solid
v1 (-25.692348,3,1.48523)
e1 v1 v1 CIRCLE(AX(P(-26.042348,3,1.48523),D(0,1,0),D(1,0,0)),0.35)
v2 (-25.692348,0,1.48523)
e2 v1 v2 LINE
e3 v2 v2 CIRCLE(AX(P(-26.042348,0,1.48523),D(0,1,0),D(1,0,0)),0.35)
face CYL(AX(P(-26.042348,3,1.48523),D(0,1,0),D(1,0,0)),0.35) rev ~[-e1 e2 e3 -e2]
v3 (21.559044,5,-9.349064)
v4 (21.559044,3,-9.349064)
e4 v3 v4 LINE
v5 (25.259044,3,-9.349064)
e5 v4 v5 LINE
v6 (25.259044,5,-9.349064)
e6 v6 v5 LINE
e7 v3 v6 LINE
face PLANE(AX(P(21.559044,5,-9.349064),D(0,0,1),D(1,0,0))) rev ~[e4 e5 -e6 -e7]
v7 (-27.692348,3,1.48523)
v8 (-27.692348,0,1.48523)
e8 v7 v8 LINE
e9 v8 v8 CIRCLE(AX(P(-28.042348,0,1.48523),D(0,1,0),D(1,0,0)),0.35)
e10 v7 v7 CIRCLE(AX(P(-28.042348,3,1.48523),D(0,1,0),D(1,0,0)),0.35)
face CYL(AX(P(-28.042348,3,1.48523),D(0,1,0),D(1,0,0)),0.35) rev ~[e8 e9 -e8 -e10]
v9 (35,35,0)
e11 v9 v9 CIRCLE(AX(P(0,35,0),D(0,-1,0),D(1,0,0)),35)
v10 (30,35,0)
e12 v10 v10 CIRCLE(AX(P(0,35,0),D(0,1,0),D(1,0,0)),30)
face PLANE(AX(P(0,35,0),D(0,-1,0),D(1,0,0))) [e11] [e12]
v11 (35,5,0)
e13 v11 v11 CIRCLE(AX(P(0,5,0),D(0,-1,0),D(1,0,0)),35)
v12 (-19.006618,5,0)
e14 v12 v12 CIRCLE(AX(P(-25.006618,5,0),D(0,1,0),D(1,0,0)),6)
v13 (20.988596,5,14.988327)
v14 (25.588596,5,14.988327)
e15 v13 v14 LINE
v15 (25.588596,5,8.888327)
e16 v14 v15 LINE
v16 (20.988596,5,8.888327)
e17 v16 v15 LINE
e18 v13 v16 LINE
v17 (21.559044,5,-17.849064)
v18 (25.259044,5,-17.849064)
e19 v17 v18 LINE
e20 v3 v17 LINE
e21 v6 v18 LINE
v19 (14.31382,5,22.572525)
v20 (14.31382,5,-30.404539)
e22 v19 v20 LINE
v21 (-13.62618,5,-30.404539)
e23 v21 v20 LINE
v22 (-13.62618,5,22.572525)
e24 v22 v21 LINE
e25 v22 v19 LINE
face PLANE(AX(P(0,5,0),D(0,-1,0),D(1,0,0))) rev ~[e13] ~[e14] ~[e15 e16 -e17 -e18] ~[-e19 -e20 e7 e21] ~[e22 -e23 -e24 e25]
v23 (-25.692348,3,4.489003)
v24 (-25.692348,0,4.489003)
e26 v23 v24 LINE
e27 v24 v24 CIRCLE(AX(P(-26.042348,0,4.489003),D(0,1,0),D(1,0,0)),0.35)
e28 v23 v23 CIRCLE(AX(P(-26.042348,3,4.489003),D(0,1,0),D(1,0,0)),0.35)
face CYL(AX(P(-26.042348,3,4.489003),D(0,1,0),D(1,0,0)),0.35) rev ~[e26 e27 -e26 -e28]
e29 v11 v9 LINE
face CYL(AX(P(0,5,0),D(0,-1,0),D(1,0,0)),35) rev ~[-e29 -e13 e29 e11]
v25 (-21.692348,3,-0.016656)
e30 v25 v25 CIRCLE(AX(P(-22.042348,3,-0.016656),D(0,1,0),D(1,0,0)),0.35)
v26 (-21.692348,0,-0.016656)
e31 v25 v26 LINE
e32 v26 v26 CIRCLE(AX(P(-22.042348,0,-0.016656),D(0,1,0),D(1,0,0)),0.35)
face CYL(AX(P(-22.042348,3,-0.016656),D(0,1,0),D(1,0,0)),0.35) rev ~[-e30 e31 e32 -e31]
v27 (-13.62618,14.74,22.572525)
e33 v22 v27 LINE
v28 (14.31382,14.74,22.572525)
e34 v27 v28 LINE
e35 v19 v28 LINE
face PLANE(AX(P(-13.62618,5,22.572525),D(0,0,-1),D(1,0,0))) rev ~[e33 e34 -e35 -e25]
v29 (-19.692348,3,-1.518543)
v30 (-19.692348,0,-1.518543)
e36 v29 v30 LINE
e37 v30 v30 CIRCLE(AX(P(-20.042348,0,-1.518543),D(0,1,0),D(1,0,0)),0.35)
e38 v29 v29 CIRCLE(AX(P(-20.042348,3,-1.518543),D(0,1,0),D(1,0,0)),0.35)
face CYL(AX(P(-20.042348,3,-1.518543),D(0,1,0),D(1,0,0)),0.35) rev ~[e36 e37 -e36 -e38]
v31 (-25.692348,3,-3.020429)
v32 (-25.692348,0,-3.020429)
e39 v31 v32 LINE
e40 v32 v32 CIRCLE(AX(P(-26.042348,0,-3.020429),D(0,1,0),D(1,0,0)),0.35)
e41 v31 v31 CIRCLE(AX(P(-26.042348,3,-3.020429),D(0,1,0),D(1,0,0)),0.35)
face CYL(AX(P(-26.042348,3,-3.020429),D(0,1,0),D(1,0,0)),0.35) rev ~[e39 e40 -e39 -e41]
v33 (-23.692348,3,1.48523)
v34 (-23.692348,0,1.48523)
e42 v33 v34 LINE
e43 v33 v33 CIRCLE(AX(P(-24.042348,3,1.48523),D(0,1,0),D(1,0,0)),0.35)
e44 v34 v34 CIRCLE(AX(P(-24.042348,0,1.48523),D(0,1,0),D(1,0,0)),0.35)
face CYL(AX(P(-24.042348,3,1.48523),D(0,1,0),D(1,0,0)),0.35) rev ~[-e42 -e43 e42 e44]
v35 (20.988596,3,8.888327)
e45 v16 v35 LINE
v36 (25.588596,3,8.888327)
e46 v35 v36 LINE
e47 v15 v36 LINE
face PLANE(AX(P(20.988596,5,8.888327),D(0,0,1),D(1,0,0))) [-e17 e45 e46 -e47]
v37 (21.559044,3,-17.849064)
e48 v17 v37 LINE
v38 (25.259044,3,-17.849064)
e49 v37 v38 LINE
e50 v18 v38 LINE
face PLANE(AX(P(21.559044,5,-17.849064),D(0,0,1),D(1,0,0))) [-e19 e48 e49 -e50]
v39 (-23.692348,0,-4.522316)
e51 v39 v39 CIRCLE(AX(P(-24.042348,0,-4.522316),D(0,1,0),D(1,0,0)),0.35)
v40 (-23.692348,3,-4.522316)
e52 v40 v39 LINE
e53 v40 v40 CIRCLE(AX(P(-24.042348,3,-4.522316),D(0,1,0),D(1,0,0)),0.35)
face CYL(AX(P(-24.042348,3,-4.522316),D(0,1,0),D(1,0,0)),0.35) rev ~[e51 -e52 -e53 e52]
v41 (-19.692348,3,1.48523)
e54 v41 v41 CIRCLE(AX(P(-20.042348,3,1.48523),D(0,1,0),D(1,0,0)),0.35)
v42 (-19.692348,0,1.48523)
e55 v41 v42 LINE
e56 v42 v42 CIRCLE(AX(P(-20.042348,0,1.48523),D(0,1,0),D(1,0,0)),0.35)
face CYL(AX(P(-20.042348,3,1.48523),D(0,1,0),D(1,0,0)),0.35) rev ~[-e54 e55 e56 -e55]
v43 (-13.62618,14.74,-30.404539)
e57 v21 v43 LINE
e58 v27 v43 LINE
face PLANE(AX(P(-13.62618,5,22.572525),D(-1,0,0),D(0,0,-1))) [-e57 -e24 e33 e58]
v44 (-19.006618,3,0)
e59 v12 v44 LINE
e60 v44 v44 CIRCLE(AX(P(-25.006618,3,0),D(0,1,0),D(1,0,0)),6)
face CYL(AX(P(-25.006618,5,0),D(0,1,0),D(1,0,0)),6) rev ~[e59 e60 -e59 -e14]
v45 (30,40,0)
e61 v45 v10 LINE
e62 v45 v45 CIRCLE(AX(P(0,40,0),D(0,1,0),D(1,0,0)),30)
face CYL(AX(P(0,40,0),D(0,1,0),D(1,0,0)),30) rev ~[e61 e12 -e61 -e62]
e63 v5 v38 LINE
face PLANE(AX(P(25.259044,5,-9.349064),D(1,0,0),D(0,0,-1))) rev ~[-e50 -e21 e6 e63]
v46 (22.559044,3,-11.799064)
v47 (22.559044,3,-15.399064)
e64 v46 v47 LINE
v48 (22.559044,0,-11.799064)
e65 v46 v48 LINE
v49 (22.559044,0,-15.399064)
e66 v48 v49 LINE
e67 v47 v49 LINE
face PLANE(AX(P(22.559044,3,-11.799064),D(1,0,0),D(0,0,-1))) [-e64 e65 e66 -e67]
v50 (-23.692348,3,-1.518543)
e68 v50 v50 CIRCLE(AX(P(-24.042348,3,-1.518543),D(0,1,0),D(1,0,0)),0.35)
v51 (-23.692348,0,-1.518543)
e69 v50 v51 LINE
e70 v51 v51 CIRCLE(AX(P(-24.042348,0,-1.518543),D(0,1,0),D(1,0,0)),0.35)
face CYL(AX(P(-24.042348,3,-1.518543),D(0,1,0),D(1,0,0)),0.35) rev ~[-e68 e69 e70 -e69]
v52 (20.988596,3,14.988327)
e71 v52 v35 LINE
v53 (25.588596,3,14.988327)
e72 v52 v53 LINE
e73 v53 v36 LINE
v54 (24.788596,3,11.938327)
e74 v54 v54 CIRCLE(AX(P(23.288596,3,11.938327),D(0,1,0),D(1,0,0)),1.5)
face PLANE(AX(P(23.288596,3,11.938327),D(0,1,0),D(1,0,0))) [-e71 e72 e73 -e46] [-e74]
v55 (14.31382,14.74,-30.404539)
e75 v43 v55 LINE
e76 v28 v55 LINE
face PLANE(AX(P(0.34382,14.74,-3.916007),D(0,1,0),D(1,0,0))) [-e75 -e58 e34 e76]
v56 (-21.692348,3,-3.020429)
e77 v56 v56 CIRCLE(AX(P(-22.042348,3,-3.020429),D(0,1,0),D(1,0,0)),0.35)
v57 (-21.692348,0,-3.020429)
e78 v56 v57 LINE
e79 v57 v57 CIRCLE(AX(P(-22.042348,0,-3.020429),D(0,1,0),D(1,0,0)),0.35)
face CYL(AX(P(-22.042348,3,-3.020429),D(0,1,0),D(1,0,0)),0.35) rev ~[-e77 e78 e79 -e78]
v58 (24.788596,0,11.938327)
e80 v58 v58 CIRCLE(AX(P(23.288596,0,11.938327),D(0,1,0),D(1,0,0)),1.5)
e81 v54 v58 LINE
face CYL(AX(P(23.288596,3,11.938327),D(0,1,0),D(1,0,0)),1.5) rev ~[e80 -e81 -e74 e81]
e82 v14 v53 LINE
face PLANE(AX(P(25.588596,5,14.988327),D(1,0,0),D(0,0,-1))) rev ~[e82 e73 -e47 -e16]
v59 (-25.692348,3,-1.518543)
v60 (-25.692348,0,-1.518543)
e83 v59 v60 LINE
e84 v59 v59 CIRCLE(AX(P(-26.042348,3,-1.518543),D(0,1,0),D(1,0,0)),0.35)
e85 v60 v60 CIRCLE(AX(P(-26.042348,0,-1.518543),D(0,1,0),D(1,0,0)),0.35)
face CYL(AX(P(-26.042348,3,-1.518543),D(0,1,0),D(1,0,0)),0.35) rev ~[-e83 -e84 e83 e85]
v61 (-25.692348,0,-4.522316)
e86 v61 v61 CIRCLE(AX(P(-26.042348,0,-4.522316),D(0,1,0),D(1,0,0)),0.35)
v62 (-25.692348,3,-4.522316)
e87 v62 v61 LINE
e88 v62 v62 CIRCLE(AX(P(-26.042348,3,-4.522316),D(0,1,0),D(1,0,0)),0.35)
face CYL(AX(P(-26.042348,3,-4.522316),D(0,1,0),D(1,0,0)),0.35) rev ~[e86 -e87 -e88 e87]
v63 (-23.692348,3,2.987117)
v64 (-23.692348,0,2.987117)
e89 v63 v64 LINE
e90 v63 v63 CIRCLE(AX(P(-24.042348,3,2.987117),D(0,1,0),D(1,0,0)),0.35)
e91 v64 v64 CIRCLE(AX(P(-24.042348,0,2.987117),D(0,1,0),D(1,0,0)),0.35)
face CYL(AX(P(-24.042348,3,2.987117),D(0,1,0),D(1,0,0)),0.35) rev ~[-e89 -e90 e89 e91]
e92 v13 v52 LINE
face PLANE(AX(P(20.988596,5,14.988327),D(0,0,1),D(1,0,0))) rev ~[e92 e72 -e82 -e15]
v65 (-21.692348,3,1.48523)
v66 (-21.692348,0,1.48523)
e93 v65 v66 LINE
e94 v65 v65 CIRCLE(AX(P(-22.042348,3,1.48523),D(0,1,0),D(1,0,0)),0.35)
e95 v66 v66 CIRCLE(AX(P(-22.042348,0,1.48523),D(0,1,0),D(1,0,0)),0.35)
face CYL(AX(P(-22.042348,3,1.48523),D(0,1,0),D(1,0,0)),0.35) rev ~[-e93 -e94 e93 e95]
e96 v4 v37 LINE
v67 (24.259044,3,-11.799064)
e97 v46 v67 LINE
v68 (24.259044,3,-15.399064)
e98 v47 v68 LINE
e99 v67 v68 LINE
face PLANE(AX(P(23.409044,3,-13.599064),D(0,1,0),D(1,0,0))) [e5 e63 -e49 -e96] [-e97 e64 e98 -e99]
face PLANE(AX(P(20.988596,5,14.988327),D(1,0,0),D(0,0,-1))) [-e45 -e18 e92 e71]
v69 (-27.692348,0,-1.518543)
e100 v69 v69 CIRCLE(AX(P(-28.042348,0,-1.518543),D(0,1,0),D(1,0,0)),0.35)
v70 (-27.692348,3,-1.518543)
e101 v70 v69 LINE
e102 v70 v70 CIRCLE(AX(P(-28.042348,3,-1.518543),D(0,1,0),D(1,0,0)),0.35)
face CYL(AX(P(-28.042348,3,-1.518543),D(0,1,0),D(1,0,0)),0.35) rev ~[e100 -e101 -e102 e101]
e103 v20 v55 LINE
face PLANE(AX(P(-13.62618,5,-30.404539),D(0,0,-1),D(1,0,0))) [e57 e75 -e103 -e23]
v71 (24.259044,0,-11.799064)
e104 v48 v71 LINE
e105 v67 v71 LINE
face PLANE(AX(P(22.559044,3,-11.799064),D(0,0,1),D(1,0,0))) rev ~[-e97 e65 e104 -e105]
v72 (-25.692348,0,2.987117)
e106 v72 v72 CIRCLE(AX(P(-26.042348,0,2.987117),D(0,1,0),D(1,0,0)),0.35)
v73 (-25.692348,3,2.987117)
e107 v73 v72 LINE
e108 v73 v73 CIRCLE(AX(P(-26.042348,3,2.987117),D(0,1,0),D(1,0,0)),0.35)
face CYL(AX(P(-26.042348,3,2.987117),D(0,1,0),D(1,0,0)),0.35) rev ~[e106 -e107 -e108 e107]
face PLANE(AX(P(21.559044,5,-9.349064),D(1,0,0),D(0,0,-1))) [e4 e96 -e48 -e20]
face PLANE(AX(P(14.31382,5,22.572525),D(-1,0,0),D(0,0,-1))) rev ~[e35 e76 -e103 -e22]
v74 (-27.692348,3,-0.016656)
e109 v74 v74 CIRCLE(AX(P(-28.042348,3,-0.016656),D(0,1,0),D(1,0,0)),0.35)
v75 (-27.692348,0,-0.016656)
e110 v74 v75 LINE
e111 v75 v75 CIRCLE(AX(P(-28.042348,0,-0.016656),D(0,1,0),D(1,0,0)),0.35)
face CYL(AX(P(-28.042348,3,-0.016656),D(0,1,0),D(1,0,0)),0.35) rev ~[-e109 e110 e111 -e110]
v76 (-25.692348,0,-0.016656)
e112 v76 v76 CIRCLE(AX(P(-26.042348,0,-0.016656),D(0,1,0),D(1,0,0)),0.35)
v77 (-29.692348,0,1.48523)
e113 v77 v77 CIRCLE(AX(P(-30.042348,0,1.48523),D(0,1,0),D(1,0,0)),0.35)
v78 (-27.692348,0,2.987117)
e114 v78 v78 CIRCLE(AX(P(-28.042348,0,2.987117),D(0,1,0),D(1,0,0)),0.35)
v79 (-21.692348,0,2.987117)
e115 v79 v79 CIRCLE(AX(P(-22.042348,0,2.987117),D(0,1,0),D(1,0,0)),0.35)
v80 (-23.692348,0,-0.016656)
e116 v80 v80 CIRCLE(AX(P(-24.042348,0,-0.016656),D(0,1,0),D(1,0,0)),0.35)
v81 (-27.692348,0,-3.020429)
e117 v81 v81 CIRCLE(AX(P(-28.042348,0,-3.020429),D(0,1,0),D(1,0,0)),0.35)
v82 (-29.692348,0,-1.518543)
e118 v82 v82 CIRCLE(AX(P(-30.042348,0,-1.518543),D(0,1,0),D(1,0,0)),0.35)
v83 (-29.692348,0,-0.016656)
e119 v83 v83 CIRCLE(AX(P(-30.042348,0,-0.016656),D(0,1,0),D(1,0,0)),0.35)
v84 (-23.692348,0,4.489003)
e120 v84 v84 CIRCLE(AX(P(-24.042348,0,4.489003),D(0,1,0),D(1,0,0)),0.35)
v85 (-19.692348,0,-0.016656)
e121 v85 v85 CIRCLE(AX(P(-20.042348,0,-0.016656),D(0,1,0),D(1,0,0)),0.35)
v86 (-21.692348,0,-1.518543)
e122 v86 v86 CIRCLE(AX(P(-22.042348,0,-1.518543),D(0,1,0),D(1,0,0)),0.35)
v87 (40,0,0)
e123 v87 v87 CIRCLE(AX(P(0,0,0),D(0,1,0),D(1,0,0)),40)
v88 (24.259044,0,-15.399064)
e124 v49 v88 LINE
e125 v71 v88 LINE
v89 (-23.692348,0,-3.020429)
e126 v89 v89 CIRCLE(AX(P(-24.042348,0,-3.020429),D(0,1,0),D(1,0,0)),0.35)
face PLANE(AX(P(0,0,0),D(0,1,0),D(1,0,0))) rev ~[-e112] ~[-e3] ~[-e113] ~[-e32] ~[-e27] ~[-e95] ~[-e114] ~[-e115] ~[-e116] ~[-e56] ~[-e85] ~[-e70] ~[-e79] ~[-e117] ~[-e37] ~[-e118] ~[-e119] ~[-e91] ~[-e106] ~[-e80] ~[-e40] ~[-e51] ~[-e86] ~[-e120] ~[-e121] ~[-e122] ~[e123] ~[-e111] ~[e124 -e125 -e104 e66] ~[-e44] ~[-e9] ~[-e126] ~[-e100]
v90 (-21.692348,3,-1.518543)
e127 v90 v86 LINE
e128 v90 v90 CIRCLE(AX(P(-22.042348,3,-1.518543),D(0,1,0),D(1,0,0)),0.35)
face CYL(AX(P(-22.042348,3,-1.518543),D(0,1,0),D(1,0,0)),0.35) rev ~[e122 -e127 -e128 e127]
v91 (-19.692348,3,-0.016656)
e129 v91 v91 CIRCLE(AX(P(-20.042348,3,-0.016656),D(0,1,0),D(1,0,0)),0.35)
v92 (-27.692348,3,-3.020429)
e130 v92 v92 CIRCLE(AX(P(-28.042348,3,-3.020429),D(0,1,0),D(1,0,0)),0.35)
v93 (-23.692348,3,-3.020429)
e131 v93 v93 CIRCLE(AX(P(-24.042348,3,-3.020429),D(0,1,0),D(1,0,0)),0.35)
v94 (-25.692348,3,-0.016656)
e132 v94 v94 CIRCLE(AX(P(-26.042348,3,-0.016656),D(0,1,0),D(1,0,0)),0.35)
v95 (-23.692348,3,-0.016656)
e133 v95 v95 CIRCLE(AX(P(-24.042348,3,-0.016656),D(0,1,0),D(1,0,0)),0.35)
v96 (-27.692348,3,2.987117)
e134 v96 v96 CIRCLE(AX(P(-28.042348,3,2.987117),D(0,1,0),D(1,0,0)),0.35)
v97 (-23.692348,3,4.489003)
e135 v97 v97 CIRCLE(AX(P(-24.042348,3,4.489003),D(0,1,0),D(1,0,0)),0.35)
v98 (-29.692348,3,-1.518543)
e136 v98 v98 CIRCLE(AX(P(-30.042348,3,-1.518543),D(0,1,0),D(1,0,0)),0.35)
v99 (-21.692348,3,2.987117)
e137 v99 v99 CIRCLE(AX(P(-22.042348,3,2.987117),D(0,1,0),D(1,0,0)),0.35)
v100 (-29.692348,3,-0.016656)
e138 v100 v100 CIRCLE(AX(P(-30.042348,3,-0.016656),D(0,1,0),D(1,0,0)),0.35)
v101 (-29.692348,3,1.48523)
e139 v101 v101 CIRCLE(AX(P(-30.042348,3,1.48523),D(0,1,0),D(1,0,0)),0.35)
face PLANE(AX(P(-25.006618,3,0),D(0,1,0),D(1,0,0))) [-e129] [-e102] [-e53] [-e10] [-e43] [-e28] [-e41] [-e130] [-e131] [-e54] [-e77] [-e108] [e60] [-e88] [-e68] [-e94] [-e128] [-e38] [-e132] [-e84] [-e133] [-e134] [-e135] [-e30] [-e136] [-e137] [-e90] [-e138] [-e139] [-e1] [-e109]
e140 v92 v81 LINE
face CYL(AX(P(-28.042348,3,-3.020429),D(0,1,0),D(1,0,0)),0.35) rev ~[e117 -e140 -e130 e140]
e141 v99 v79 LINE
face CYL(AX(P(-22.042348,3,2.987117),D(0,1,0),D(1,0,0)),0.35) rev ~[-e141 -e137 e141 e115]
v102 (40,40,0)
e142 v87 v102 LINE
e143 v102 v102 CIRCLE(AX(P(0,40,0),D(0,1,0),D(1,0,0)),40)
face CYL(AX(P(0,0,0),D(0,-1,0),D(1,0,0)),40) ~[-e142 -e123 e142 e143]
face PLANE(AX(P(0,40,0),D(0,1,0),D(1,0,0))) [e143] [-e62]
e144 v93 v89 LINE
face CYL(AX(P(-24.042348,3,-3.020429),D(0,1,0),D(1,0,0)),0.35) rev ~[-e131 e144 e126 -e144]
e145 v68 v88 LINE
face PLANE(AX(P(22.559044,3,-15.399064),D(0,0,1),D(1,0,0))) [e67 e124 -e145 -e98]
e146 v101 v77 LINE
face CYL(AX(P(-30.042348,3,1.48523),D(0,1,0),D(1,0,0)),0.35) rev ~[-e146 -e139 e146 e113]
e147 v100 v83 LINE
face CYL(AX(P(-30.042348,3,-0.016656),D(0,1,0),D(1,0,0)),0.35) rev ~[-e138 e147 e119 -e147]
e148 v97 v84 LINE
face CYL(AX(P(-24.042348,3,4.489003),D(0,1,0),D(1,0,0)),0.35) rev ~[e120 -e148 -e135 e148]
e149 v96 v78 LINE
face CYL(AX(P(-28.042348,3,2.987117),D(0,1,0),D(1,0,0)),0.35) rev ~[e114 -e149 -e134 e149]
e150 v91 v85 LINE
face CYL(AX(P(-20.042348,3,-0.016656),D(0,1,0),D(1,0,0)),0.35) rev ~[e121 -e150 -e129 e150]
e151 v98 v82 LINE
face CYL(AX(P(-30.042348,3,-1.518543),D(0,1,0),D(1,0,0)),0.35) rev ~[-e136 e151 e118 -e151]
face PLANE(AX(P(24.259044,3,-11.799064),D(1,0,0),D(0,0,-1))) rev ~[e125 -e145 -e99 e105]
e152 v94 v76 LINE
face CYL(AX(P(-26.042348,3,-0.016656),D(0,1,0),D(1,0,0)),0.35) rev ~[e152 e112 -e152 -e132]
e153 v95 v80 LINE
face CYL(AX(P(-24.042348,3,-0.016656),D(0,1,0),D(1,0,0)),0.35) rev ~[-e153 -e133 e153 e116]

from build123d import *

# Parameters (mm, degrees)
SKETCH2_R               = 40
HOUSING_DEPTH           = 40
SKETCH11_R              = 30
EXTERNALCUT_DEPTH       = 35
INTERNALCUT_START       = -5
SKETCH12_R              = 35
INTERNALCUT_DEPTH       = 30
SKETCH18_W              = 27.94
SKETCH18_H              = 52.97706376
ESP32_DEPTH             = 9.74
SKETCH19_R              = 6
BUZZERINTERNALCUT_DEPTH = 2
SKETCH20_R              = 0.35
BUZZEREXTRENALCUT_DEPTH = 4
SKETCH22_W              = 4.6
SKETCH22_H              = 6.1
BTNITERNALCUT_DEPTH     = 2
SKETCH25_R              = 1.5
BTNEXTRERNALCUT_DEPTH   = 4
SKETCH26_W              = 3.7
SKETCH26_H              = 8.5
CUT_EXTRUDE6_DEPTH      = 2
SKETCH28_W              = 1.7
SKETCH28_H              = 3.6
CUT_EXTRUDE7_DEPTH      = 4


with BuildPart() as part:
    # Sketch2 → Housing (new body)
    with BuildSketch(Plane(origin=(0, 0, 0), x_dir=(1, 0, 0), z_dir=(0, 1, 0))):
        Circle(SKETCH2_R)
    extrude(amount=HOUSING_DEPTH)

    # Sketch11 → ExternalCUt (cut)
    with BuildSketch(Plane(origin=(0, 40, 0), x_dir=(1, 0, 0), z_dir=(0, 1, 0))):
        Circle(SKETCH11_R)
    extrude(amount=-EXTERNALCUT_DEPTH, mode=Mode.SUBTRACT)

    # Sketch12 → InternalCut (cut)
    with BuildSketch(Plane.XZ.offset(INTERNALCUT_START)):
        Circle(SKETCH12_R)
    extrude(amount=-INTERNALCUT_DEPTH, mode=Mode.SUBTRACT)

    # Sketch18 → ESP32 (add)
    with BuildSketch(Plane(origin=(0, 5, 0), x_dir=(1, 0, 0), z_dir=(0, 1, 0))):
        with Locations((0.343820119, 3.916007291)):
            Rectangle(SKETCH18_W, SKETCH18_H)
    extrude(amount=ESP32_DEPTH)

    # Sketch19 → BuzzerInternalCut (cut)
    with BuildSketch(Plane(origin=(0, 5, 0), x_dir=(1, 0, 0), z_dir=(0, 1, 0))):
        with Locations((-25.006618322, 0)):
            Circle(SKETCH19_R)
    extrude(amount=-BUZZERINTERNALCUT_DEPTH, mode=Mode.SUBTRACT)

    # Sketch20 → BuzzerExtrenalCut (cut, through all)
    with BuildSketch(Plane(origin=(0, 3, 0), x_dir=(1, 0, 0), z_dir=(0, 1, 0))):
        with Locations((-24.042348329, 4.522315504)):
            Circle(SKETCH20_R)
        with Locations((-26.042348329, 3.020429056)):
            Circle(SKETCH20_R)
        with Locations((-28.042348329, 3.020429056)):
            Circle(SKETCH20_R)
        with Locations((-30.042348329, 1.518542609)):
            Circle(SKETCH20_R)
        with Locations((-30.042348329, 0.016656161)):
            Circle(SKETCH20_R)
        with Locations((-30.042348329, -1.485230286)):
            Circle(SKETCH20_R)
        with Locations((-28.042348329, 0.016656161)):
            Circle(SKETCH20_R)
        with Locations((-28.042348329, 1.518542609)):
            Circle(SKETCH20_R)
        with Locations((-28.042348329, -1.485230286)):
            Circle(SKETCH20_R)
        with Locations((-28.042348329, -2.987116733)):
            Circle(SKETCH20_R)
        with Locations((-26.042348329, 0.016656161)):
            Circle(SKETCH20_R)
        with Locations((-26.042348329, 1.518542609)):
            Circle(SKETCH20_R)
        with Locations((-26.042348329, -1.485230286)):
            Circle(SKETCH20_R)
        with Locations((-26.042348329, -2.987116733)):
            Circle(SKETCH20_R)
        with Locations((-26.042348329, -4.489003181)):
            Circle(SKETCH20_R)
        with Locations((-24.042348329, -4.489003181)):
            Circle(SKETCH20_R)
        with Locations((-24.042348329, -2.987116733)):
            Circle(SKETCH20_R)
        with Locations((-24.042348329, -1.485230286)):
            Circle(SKETCH20_R)
        with Locations((-24.042348329, 0.016656161)):
            Circle(SKETCH20_R)
        with Locations((-24.042348329, 1.518542609)):
            Circle(SKETCH20_R)
        with Locations((-24.042348329, 3.020429056)):
            Circle(SKETCH20_R)
        with Locations((-22.042348329, 3.020429056)):
            Circle(SKETCH20_R)
        with Locations((-22.042348329, 1.518542609)):
            Circle(SKETCH20_R)
        with Locations((-22.042348329, 0.016656161)):
            Circle(SKETCH20_R)
        with Locations((-22.042348329, -1.485230286)):
            Circle(SKETCH20_R)
        with Locations((-22.042348329, -2.987116733)):
            Circle(SKETCH20_R)
        with Locations((-20.042348329, -1.485230286)):
            Circle(SKETCH20_R)
        with Locations((-20.042348329, 0.016656161)):
            Circle(SKETCH20_R)
        with Locations((-20.042348329, 1.518542609)):
            Circle(SKETCH20_R)
        with Locations((-26.042348329, 4.522315504)):
            Circle(SKETCH20_R)
    extrude(amount=-BUZZEREXTRENALCUT_DEPTH, mode=Mode.SUBTRACT)

    # Sketch22 → BtnIternalCut (cut)
    with BuildSketch(Plane(origin=(0, 5, 0), x_dir=(1, 0, 0), z_dir=(0, 1, 0))):
        with Locations((23.28859565, -11.93832654)):
            Rectangle(SKETCH22_W, SKETCH22_H)
    extrude(amount=-BTNITERNALCUT_DEPTH, mode=Mode.SUBTRACT)

    # Sketch25 → BtnExtrernalCut (cut, through all)
    with BuildSketch(Plane(origin=(0, 3, 0), x_dir=(1, 0, 0), z_dir=(0, 1, 0))):
        with Locations((23.28859565, -11.93832654)):
            Circle(SKETCH25_R)
    extrude(amount=-BTNEXTRERNALCUT_DEPTH, mode=Mode.SUBTRACT)

    # Sketch26 → Cut-Extrude6 (cut)
    with BuildSketch(Plane(origin=(0, 5, 0), x_dir=(1, 0, 0), z_dir=(0, 1, 0))):
        with Locations((23.409044431, 13.599064282)):
            Rectangle(SKETCH26_W, SKETCH26_H)
    extrude(amount=-CUT_EXTRUDE6_DEPTH, mode=Mode.SUBTRACT)

    # Sketch28 → Cut-Extrude7 (cut, through all)
    with BuildSketch(Plane(origin=(0, 3, 0), x_dir=(1, 0, 0), z_dir=(0, 1, 0))):
        with Locations((23.409044431, 13.599064282)):
            Rectangle(SKETCH28_W, SKETCH28_H)
    extrude(amount=-CUT_EXTRUDE7_DEPTH, mode=Mode.SUBTRACT)


solid = part.part
